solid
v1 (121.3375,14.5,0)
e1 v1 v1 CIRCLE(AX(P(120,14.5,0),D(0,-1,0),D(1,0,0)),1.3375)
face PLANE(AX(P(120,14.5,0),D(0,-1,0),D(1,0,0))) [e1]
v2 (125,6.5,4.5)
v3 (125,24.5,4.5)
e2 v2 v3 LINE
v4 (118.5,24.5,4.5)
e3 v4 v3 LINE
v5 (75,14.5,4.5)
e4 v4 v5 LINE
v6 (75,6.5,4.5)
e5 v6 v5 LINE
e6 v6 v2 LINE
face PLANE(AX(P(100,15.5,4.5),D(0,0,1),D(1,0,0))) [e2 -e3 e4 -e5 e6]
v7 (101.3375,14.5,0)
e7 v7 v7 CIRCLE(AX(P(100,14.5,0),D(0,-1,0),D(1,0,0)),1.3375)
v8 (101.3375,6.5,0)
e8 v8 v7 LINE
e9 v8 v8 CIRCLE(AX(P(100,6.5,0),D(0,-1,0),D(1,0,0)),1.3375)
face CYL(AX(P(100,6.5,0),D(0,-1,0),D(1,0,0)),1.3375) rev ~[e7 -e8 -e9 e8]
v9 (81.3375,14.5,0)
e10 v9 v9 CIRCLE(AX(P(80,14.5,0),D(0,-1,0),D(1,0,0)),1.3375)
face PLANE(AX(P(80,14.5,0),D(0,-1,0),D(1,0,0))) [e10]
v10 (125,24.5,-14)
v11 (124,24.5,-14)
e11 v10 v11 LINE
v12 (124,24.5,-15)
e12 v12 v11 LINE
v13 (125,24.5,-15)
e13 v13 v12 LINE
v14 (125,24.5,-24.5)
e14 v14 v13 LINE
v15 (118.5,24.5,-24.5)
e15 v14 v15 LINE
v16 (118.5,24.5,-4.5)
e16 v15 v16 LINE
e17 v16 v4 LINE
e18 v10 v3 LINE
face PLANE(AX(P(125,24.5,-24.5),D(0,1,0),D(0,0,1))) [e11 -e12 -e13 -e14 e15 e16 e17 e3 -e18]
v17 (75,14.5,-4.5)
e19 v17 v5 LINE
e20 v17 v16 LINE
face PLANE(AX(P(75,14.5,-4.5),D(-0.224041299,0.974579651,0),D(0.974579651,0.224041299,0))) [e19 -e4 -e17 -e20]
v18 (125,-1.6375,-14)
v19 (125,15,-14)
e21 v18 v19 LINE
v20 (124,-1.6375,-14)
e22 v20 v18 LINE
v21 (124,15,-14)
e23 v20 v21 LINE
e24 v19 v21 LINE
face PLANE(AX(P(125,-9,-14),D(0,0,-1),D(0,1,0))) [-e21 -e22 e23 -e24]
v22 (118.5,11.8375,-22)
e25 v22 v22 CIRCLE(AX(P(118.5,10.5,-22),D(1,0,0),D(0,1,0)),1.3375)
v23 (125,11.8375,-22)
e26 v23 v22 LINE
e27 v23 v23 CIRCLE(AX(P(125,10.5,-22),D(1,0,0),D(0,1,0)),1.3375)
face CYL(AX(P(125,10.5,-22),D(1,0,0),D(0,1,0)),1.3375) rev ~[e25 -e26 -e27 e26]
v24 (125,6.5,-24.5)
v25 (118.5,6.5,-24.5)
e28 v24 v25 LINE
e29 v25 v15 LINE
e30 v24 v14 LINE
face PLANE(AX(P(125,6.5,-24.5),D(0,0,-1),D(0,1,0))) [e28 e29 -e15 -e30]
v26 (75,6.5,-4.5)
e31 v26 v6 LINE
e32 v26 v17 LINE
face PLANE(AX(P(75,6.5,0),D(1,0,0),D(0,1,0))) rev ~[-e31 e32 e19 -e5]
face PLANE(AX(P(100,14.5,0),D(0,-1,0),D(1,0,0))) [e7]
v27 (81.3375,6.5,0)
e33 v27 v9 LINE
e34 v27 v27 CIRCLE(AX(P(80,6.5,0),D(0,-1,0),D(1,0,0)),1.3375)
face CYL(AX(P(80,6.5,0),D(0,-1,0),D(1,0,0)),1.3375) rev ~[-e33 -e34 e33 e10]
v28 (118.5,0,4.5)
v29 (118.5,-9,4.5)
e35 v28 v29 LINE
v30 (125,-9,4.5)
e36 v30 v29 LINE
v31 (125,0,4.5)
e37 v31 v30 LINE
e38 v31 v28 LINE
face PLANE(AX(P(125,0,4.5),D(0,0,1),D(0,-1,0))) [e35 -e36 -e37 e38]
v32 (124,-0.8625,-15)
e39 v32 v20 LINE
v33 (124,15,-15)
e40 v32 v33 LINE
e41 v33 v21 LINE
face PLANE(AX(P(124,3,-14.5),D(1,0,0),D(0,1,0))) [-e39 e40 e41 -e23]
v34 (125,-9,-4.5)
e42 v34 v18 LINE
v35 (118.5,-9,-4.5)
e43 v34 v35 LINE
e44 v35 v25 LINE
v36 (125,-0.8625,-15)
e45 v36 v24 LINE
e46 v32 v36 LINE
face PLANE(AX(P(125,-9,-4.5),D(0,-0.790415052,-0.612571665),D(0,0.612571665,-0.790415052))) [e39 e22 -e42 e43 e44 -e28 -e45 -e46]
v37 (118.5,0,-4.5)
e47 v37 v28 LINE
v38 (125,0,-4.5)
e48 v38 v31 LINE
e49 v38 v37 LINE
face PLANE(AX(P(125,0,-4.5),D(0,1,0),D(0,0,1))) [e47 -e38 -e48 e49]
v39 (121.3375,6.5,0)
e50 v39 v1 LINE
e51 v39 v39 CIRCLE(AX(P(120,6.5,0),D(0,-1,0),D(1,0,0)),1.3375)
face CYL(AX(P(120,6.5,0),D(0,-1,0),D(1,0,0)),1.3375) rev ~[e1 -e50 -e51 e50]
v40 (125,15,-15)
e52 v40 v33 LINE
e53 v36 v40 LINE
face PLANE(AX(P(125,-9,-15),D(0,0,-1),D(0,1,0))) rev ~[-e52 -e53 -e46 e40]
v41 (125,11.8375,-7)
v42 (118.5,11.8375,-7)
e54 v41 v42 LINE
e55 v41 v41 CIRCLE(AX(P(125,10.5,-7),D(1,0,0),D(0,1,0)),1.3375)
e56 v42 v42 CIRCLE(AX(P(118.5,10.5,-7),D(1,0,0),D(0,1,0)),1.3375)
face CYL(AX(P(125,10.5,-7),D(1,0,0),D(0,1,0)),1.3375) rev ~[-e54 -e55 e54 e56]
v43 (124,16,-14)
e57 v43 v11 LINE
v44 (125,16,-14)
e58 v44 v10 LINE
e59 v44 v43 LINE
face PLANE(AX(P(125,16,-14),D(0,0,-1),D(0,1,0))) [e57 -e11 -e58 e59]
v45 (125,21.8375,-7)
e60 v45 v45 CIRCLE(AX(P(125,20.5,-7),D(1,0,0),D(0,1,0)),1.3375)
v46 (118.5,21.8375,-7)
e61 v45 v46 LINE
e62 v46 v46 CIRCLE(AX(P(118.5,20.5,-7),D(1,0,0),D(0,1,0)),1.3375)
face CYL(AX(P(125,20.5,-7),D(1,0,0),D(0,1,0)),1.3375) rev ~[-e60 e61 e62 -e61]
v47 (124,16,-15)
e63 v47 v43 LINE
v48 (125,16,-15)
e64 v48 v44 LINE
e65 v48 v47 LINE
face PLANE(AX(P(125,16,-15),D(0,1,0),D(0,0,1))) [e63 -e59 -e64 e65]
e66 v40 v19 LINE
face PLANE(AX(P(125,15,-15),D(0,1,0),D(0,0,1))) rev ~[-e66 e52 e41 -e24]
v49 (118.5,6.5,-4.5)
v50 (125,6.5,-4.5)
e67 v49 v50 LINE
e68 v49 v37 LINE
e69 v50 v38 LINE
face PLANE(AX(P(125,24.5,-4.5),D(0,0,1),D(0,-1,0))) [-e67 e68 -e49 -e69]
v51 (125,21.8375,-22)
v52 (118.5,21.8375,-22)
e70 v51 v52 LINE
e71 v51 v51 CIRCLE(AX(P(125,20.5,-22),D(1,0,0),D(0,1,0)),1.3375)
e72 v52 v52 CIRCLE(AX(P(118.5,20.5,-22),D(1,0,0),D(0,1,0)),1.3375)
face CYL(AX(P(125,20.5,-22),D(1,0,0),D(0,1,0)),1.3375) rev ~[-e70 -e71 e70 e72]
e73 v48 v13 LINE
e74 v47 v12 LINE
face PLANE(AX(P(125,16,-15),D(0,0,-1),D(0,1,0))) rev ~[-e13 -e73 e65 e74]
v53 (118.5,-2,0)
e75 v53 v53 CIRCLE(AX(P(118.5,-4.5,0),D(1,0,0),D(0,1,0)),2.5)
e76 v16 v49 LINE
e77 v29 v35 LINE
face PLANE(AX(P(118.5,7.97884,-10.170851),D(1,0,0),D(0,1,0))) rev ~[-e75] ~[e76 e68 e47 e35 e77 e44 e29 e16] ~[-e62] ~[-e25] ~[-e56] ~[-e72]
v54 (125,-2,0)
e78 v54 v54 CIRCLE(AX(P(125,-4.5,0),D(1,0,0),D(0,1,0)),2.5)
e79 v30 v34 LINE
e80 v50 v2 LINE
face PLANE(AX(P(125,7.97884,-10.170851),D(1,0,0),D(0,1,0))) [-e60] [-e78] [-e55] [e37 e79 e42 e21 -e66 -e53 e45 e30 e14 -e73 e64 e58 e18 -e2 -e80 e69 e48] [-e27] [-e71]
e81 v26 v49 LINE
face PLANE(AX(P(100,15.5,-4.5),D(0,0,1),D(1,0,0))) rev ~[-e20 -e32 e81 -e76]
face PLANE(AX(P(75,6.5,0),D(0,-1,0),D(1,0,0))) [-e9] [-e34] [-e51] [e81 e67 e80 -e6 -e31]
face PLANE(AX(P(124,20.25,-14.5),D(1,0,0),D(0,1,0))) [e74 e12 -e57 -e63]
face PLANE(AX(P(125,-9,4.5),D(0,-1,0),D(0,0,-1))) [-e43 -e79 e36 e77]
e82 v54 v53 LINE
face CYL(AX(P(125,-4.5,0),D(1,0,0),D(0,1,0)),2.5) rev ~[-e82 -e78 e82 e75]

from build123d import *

# Parameters (mm, degrees)
SKETCH018_W     = 50
SKETCH018_H     = 18
PAD011_DEPTH    = 4.5
SKETCH019_R     = 1.3375
POCKET006_DEPTH = 8
POCKET007_DEPTH = 9.001
SKETCH053_R     = 1.3375
SKETCH053_R_2   = 2.5
PAD029_DEPTH    = 6.5
SKETCH055_W     = 8.5
SKETCH055_H     = 1
SKETCH055_W_2   = 24
POCKET024_DEPTH = 1


with BuildPart() as part:
    # Sketch018 → Pad011 (new body, symmetric)
    with BuildSketch(Plane.XY):
        with Locations((25, 9)):
            Rectangle(SKETCH018_W, SKETCH018_H)
    extrude(amount=PAD011_DEPTH, both=True)

    # Sketch019 → Pocket006 (cut)
    with BuildSketch(Plane.XZ):
        with Locations((5, 0)):
            Circle(SKETCH019_R)
        with Locations((25, 0)):
            Circle(SKETCH019_R)
        with Locations((45, 0)):
            Circle(SKETCH019_R)
    extrude(amount=-POCKET006_DEPTH, mode=Mode.SUBTRACT)

    # Sketch020 (on Face4 of Pocket006) → Pocket007 (cut, through all)
    with BuildSketch(Plane(origin=(0, 0, -4.5), x_dir=(1, 0, 0), z_dir=(0, 0, -1))):
        Polygon((0, -8), (43.5, -18), (0, -18), align=None)
    extrude(amount=-POCKET007_DEPTH, mode=Mode.SUBTRACT)

    # Sketch053 → Pad029 (join)
    with BuildSketch(Plane.YZ.offset(50)):
        Polygon((18, -4.5), (-6.5, -4.5), (-6.5, 4.5), (-15.5, 4.5), (-15.5, -4.5), (0, -24.5), (18, -24.5), align=None)
        with Locations((14, -7)):
            Circle(SKETCH053_R, mode=Mode.SUBTRACT)
        with Locations((4, -7)):
            Circle(SKETCH053_R, mode=Mode.SUBTRACT)
        with Locations((4, -22)):
            Circle(SKETCH053_R, mode=Mode.SUBTRACT)
        with Locations((14, -22)):
            Circle(SKETCH053_R, mode=Mode.SUBTRACT)
        with Locations((-11, 0)):
            Circle(SKETCH053_R_2, mode=Mode.SUBTRACT)
    extrude(amount=-PAD029_DEPTH)

    # Sketch055 (on Face7 of Pad029) → Pocket024 (cut)
    with BuildSketch(Plane.YZ.offset(50)):
        with Locations((13.75, -14.5)):
            Rectangle(SKETCH055_W, SKETCH055_H)
        with Locations((-3.5, -14.5)):
            Rectangle(SKETCH055_W_2, SKETCH055_H)
    extrude(amount=-POCKET024_DEPTH, mode=Mode.SUBTRACT)


with BuildPart() as part_1:
    # Body005 placement: moved
    add(part.part.moved(Location((75, 6.5, 0))))


solid = part_1.part
